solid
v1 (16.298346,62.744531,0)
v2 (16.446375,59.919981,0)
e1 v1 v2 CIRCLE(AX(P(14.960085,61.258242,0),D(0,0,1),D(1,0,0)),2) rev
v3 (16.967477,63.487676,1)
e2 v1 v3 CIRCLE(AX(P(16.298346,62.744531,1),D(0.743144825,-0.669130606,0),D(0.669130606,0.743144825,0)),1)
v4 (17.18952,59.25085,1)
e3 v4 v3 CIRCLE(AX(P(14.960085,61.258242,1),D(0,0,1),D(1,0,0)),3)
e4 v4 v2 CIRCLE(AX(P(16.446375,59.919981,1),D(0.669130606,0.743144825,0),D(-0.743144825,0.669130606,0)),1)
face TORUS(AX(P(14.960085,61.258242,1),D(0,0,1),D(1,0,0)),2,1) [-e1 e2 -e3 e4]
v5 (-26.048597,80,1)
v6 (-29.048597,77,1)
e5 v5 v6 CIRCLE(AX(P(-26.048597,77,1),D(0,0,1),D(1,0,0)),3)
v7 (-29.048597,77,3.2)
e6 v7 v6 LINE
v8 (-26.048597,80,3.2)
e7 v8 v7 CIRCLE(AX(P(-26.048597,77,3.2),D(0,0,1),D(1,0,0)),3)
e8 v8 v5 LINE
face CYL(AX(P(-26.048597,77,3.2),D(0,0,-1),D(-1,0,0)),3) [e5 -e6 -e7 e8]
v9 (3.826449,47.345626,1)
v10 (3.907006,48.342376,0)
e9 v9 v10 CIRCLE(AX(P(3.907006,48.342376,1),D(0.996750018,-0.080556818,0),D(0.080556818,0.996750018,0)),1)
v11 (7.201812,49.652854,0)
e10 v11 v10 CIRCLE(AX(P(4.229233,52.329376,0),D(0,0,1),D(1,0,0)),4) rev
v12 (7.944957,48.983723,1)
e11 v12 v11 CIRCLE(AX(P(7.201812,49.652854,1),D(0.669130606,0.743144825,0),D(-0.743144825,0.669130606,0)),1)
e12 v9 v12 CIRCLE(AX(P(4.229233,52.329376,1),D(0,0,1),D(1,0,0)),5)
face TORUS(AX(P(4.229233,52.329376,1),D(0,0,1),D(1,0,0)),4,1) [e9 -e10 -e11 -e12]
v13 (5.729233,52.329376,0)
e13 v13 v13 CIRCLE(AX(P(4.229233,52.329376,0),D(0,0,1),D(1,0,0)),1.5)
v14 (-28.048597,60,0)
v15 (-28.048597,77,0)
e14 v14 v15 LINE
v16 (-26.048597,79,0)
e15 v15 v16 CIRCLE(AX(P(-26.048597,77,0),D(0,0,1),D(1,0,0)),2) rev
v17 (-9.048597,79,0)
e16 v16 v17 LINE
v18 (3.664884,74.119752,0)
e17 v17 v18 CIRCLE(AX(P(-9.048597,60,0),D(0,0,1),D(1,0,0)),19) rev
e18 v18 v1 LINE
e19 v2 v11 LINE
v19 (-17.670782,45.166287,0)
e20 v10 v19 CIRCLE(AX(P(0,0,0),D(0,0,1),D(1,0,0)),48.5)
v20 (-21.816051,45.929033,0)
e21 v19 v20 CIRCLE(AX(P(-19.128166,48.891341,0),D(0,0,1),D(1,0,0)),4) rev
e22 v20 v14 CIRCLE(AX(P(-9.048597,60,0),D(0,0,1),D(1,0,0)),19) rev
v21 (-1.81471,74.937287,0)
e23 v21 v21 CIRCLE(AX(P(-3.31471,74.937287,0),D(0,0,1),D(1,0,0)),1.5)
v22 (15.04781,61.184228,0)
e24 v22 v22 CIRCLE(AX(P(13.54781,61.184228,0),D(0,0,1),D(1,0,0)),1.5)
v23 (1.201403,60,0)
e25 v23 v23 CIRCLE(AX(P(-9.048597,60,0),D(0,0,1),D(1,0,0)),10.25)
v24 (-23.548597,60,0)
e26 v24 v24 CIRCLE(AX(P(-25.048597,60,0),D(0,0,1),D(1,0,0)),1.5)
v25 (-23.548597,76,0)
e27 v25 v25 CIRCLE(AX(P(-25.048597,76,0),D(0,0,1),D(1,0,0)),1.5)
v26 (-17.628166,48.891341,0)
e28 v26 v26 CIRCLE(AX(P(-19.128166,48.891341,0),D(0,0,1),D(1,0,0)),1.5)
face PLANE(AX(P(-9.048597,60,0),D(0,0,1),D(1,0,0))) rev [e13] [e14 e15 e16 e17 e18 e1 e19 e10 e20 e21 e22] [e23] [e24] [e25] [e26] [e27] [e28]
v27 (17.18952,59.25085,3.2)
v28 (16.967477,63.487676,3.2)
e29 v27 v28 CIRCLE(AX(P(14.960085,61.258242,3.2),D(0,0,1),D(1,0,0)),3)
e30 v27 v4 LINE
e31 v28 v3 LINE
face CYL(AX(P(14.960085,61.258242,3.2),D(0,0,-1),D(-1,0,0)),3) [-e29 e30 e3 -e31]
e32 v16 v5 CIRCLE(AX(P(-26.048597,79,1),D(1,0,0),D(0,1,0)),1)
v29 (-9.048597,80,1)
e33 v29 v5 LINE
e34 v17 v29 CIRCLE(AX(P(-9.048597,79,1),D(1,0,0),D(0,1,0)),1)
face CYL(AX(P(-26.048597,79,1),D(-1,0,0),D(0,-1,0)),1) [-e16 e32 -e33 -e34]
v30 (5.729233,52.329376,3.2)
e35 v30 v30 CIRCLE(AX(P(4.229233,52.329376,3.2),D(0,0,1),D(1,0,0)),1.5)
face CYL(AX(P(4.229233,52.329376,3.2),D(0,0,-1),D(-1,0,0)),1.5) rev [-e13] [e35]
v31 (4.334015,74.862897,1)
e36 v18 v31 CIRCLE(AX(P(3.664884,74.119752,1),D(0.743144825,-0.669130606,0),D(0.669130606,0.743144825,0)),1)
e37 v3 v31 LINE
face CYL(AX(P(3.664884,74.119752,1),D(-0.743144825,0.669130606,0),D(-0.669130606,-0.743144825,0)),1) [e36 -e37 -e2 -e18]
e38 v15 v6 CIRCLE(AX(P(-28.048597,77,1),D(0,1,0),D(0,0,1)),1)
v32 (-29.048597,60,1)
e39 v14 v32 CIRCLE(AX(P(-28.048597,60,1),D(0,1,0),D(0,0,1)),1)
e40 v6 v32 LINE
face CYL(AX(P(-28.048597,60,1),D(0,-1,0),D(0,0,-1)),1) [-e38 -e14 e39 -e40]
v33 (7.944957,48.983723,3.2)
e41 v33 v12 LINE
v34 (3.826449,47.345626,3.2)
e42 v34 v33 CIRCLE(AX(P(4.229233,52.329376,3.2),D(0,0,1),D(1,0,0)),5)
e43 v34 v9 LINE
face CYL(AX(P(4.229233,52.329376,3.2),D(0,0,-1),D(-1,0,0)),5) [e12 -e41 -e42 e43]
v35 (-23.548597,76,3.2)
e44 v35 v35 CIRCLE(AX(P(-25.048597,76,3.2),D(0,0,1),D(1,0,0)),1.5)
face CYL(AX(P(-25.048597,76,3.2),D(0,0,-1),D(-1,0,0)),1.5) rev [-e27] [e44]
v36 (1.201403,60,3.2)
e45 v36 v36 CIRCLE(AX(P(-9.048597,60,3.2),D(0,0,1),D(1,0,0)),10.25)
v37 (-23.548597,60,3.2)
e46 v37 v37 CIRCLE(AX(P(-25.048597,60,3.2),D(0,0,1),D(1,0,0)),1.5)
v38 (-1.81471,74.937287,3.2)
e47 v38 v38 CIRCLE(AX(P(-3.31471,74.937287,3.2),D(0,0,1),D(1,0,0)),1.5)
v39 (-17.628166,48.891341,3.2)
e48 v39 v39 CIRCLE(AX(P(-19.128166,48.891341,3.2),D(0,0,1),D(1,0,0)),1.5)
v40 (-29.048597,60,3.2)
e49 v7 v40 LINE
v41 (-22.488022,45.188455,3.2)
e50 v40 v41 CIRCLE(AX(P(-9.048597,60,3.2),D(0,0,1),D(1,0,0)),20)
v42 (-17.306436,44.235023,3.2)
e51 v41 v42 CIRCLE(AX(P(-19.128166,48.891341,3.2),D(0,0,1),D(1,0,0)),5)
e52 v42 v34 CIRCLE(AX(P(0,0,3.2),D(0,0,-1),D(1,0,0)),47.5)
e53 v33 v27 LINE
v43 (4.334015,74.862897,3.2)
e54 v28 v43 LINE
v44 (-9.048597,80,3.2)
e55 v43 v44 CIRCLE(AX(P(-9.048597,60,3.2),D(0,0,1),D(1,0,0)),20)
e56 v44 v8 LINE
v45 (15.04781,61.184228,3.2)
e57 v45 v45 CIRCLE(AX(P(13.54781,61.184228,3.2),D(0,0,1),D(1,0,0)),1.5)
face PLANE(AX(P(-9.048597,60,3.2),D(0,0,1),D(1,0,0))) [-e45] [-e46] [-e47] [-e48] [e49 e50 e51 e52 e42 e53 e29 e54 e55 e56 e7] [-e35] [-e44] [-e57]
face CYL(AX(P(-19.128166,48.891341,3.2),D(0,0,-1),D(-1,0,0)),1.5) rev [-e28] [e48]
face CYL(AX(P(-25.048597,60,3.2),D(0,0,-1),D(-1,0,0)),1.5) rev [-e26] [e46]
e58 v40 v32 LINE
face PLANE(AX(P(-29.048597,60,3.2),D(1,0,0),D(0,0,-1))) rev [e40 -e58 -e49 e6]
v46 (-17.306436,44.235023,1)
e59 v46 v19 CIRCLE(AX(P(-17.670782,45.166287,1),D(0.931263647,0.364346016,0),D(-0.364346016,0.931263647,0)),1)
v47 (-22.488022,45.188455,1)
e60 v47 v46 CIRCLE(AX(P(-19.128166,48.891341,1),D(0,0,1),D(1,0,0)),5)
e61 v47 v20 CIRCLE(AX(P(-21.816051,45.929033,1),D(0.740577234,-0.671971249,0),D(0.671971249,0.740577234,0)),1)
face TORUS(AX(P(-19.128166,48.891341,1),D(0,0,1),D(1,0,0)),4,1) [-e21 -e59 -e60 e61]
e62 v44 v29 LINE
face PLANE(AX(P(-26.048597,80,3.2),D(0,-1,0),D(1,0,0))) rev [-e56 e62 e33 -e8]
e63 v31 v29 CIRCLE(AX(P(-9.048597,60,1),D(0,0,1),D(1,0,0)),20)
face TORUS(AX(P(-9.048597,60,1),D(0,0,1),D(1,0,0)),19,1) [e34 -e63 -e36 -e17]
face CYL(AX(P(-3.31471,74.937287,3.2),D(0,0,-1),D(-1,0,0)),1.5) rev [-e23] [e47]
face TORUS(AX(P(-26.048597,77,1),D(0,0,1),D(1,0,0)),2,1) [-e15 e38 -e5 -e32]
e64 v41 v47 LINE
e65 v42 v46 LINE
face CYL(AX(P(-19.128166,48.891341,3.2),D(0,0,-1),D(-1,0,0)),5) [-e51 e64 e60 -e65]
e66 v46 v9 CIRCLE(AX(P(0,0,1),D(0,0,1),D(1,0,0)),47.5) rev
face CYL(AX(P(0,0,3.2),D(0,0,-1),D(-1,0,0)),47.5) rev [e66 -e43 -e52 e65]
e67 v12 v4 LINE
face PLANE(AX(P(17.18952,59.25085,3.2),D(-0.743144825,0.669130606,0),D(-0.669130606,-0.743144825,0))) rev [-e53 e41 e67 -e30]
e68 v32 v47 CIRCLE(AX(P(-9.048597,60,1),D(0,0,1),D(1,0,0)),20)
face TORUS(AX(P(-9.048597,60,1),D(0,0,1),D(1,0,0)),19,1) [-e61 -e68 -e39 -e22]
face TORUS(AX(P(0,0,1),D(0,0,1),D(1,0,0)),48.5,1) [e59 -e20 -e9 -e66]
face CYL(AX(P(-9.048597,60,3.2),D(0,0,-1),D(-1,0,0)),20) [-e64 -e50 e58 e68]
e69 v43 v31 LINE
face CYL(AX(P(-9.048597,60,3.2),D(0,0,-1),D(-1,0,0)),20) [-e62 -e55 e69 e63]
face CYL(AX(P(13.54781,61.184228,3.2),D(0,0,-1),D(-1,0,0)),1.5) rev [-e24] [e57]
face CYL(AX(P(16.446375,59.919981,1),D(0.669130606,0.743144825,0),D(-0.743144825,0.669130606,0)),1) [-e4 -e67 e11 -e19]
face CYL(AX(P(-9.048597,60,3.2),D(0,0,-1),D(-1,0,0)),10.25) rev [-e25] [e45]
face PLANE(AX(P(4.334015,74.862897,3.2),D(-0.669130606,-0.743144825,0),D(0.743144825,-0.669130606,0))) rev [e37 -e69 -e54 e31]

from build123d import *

# Parameters (mm, degrees)
SKETCH_1_R      = 10.25
SKETCH_1_R_2    = 1.5
EXTRUDE_1_DEPTH = 3.2
FILLET_1_R      = 1


with BuildPart() as part:
    # 草图1 → 凸台-拉伸1 (new body)
    with BuildSketch(Plane.XY):
        with BuildLine():
            Line((4.334015044, 74.86289651), (16.967477077, 63.487676201))
            ThreePointArc((16.967477077, 63.487676201), (17.955973862, 61.415249594), (17.189519734, 59.250849906))
            Line((17.189519734, 59.250849906), (7.944957082, 48.983722931))
            ThreePointArc((7.944957082, 48.983722931), (6.077132686, 47.683381281), (3.826448864, 47.345625871))
            ThreePointArc((3.826448864, 47.345625871), (-6.917114554, 46.993654106), (-17.306435746, 44.235023248))
            ThreePointArc((-17.306435746, 44.235023248), (-20.032995202, 43.973894607), (-22.488022071, 45.188455313))
            ThreePointArc((-22.488022071, 45.188455313), (-27.335046982, 51.900262342), (-29.048597084, 60))
            Line((-29.048597084, 60), (-29.048597084, 77))
            ThreePointArc((-29.048597084, 77), (-28.169917427, 79.121320344), (-26.048597084, 80))
            Line((-26.048597084, 80), (-9.048597084, 80))
            ThreePointArc((-9.048597084, 80), (-1.881238093, 78.67160853), (4.334015044, 74.86289651))
        make_face()
        with Locations((-9.048597084, 60)):
            Circle(SKETCH_1_R, mode=Mode.SUBTRACT)
        with Locations((-25.048597084, 76)):
            Circle(SKETCH_1_R_2, mode=Mode.SUBTRACT)
        with Locations((-3.314709891, 74.937286824)):
            Circle(SKETCH_1_R_2, mode=Mode.SUBTRACT)
        with Locations((-25.048597084, 60)):
            Circle(SKETCH_1_R_2, mode=Mode.SUBTRACT)
        with Locations((-19.128165824, 48.891341485)):
            Circle(SKETCH_1_R_2, mode=Mode.SUBTRACT)
        with Locations((4.229232955, 52.329375962)):
            Circle(SKETCH_1_R_2, mode=Mode.SUBTRACT)
        with Locations((13.547809826, 61.184227506)):
            Circle(SKETCH_1_R_2, mode=Mode.SUBTRACT)
    extrude(amount=EXTRUDE_1_DEPTH)

    # 圆角1
    fillet_1_edges = [part.edges().sort_by_distance(p)[0] for p in [
        (-29.048597084, 68.5, 0),
        (-28.169917427, 79.121320344, 0),
        (-17.548597084, 80, 0),
        (-1.881238093, 78.67160853, 0),
        (10.65074606, 69.175286355, 0),
        (17.955973862, 61.415249594, 0),
        (12.567238408, 54.117286418, 0),
        (6.077132686, 47.683381281, 0),
        (-6.917114554, 46.993654106, 0),
        (-20.032995202, 43.973894607, 0),
        (-27.335046982, 51.900262342, 0),
    ]]
    fillet(fillet_1_edges, radius=FILLET_1_R)


solid = part.part
